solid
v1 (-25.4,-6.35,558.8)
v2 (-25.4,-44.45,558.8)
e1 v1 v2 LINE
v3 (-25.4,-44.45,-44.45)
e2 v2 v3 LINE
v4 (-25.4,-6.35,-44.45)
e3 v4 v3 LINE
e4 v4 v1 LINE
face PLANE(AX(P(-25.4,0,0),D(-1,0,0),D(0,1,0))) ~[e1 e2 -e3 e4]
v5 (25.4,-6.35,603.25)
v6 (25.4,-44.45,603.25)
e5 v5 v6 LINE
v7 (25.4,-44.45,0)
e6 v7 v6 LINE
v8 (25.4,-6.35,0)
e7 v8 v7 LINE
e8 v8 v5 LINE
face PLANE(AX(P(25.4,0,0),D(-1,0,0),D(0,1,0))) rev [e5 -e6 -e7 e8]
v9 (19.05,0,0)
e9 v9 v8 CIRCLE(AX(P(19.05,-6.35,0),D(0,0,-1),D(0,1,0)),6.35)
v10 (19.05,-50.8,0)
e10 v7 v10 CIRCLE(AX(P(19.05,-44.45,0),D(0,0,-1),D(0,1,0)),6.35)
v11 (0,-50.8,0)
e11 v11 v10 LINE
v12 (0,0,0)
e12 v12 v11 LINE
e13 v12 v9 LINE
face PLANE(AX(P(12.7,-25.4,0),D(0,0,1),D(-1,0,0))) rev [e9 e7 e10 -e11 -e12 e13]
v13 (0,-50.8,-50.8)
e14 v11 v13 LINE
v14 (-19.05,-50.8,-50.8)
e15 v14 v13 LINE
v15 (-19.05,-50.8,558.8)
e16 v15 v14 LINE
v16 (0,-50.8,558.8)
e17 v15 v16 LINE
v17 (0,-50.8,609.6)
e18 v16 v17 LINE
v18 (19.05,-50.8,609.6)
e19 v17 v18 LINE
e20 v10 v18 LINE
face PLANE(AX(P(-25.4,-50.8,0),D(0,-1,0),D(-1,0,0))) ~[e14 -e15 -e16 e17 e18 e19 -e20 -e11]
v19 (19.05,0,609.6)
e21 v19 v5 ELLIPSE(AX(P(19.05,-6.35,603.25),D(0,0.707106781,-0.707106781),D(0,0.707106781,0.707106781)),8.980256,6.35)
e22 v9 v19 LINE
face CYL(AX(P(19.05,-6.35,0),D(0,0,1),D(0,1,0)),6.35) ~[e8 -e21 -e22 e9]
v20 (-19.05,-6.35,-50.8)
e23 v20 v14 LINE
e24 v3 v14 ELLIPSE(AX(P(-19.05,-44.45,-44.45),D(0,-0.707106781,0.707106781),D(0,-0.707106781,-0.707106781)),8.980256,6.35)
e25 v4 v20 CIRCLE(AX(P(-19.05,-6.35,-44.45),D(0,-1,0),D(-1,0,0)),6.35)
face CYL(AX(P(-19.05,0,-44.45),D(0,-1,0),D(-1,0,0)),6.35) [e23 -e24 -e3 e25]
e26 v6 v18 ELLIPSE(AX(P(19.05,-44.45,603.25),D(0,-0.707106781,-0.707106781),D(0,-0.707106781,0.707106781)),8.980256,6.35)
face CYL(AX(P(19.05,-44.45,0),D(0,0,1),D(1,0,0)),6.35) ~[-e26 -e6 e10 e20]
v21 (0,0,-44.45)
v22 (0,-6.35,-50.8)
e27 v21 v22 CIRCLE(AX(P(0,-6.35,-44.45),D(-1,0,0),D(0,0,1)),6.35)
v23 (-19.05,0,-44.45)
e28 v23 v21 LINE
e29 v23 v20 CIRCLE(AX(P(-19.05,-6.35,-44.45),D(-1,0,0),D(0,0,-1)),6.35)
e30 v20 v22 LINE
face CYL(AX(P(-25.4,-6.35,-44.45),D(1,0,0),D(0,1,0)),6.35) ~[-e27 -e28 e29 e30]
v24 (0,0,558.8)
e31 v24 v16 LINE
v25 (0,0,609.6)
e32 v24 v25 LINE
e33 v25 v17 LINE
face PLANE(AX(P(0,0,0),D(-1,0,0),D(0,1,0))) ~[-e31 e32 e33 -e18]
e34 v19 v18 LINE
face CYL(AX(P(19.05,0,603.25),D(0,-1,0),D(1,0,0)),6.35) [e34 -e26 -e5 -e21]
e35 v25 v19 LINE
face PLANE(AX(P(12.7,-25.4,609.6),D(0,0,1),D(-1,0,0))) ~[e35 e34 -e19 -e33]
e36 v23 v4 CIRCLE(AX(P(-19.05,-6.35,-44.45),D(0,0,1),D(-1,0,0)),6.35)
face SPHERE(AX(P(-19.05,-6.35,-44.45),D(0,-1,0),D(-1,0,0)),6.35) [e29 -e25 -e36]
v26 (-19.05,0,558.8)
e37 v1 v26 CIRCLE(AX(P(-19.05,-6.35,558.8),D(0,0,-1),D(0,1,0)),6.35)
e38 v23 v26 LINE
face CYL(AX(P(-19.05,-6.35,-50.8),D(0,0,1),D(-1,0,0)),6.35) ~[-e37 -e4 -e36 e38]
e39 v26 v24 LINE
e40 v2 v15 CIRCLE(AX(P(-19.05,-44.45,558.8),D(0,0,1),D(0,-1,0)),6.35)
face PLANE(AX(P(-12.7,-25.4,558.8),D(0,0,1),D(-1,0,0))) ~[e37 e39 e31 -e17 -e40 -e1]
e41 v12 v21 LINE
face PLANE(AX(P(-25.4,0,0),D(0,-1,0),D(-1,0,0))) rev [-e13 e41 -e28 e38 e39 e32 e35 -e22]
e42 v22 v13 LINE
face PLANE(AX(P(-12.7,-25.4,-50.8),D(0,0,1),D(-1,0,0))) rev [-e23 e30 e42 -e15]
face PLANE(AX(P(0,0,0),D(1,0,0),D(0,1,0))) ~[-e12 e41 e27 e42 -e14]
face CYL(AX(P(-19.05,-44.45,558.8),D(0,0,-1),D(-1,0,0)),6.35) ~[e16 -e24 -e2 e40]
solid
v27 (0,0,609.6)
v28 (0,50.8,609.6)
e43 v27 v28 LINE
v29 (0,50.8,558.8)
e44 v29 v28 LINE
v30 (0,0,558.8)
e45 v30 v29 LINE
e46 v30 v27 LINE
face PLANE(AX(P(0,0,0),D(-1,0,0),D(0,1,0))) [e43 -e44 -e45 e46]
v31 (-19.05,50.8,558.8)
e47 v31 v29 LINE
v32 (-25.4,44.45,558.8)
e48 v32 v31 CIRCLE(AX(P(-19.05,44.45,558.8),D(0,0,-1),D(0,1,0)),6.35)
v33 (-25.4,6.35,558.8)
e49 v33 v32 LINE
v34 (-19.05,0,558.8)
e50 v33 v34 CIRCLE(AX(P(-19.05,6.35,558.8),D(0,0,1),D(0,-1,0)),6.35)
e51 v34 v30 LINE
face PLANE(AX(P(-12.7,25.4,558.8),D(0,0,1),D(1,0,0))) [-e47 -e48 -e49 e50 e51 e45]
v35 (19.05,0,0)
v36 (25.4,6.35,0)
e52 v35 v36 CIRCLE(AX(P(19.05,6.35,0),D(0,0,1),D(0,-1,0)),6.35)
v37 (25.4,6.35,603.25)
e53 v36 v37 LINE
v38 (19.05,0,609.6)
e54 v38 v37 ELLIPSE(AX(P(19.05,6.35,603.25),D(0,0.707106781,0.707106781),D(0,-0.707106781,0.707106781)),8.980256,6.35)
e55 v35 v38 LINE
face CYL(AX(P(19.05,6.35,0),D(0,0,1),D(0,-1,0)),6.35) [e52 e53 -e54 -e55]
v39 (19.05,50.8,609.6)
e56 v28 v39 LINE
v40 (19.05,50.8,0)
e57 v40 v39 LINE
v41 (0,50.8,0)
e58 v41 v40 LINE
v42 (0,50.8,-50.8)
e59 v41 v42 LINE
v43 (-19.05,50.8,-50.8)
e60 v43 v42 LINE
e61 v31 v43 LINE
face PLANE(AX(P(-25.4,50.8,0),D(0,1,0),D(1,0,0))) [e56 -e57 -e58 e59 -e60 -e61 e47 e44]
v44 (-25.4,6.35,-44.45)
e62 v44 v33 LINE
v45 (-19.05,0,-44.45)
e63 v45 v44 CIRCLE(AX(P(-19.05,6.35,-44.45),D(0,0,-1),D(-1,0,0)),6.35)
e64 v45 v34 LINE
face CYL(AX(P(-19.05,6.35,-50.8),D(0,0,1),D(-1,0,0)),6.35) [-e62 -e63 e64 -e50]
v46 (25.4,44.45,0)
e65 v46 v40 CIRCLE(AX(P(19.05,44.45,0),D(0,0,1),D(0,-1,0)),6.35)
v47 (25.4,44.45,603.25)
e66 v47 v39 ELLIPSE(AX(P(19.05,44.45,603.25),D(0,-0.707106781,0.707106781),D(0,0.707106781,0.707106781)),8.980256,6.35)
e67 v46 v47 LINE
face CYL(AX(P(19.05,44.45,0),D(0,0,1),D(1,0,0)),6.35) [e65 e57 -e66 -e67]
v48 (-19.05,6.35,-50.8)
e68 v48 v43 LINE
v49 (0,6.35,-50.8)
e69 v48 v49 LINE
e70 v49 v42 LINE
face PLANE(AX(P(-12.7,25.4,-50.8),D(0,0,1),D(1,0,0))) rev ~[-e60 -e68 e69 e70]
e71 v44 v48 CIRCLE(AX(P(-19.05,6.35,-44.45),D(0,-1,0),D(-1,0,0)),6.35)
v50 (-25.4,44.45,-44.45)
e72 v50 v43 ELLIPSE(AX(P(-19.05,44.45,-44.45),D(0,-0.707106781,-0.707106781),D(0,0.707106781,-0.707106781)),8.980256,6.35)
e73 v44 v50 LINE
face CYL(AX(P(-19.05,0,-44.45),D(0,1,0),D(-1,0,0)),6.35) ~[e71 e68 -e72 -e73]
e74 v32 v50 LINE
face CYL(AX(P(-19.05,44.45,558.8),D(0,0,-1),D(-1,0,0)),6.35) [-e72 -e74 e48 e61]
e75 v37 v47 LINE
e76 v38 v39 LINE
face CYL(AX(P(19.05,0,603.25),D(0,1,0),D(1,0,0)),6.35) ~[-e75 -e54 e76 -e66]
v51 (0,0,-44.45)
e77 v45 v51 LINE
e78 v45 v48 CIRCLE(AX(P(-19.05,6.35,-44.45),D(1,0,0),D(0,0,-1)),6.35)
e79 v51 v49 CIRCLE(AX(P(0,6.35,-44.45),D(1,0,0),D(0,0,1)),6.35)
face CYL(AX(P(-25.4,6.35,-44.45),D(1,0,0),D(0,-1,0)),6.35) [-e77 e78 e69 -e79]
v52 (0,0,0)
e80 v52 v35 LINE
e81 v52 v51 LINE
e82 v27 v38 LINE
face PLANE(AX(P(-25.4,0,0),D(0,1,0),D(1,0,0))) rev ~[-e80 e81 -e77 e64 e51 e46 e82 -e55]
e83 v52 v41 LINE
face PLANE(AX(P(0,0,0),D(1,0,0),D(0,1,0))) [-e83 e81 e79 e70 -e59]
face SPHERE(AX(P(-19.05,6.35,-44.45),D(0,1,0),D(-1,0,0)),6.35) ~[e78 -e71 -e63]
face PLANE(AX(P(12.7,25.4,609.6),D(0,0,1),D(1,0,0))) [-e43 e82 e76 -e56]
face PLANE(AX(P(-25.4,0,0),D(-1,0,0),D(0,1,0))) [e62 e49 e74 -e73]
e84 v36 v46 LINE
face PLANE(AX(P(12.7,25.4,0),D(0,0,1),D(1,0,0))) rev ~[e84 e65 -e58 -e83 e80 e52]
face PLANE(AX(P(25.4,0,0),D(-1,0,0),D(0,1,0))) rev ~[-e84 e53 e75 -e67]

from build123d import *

# Parameters (mm, degrees)
F0_W          = 25.4
F0_H          = 50.8
F1_DEPTH      = 609.6
F2_DEPTH      = 50.8
F2_DEPTH_BACK = 558.8
F3_R          = 6.35


with BuildPart() as f1:
    # F0 (on Top) → F1 (new body)
    with BuildSketch(Plane.XY):
        with Locations((12.7, 25.4)):
            Rectangle(F0_W, F0_H)
    extrude(amount=F1_DEPTH)

    # F0 (on Top) → F2 (join, two sides)
    with BuildSketch(Plane.XY) as f2_sk:
        with Locations((-12.7, 25.4)):
            Rectangle(F0_W, F0_H)
    extrude(amount=-F2_DEPTH)
    extrude(f2_sk.sketch, amount=F2_DEPTH_BACK)

    # F3
    f3_edges = [f1.edges().sort_by_distance(p)[0] for p in [
        (25.4, 0, 304.8),
        (25.4, 50.8, 304.8),
        (-25.4, 25.4, -50.8),
        (-25.4, 0, 254),
        (-25.4, 50.8, 254),
        (-12.7, 0, -50.8),
        (25.4, 25.4, 609.6),
    ]]
    fillet(f3_edges, radius=F3_R)


with BuildPart() as f4_1:
    # F4: instance of F1
    add(f1.part.mirror(Plane.XZ))


solid = Compound([f1.part, f4_1.part])
